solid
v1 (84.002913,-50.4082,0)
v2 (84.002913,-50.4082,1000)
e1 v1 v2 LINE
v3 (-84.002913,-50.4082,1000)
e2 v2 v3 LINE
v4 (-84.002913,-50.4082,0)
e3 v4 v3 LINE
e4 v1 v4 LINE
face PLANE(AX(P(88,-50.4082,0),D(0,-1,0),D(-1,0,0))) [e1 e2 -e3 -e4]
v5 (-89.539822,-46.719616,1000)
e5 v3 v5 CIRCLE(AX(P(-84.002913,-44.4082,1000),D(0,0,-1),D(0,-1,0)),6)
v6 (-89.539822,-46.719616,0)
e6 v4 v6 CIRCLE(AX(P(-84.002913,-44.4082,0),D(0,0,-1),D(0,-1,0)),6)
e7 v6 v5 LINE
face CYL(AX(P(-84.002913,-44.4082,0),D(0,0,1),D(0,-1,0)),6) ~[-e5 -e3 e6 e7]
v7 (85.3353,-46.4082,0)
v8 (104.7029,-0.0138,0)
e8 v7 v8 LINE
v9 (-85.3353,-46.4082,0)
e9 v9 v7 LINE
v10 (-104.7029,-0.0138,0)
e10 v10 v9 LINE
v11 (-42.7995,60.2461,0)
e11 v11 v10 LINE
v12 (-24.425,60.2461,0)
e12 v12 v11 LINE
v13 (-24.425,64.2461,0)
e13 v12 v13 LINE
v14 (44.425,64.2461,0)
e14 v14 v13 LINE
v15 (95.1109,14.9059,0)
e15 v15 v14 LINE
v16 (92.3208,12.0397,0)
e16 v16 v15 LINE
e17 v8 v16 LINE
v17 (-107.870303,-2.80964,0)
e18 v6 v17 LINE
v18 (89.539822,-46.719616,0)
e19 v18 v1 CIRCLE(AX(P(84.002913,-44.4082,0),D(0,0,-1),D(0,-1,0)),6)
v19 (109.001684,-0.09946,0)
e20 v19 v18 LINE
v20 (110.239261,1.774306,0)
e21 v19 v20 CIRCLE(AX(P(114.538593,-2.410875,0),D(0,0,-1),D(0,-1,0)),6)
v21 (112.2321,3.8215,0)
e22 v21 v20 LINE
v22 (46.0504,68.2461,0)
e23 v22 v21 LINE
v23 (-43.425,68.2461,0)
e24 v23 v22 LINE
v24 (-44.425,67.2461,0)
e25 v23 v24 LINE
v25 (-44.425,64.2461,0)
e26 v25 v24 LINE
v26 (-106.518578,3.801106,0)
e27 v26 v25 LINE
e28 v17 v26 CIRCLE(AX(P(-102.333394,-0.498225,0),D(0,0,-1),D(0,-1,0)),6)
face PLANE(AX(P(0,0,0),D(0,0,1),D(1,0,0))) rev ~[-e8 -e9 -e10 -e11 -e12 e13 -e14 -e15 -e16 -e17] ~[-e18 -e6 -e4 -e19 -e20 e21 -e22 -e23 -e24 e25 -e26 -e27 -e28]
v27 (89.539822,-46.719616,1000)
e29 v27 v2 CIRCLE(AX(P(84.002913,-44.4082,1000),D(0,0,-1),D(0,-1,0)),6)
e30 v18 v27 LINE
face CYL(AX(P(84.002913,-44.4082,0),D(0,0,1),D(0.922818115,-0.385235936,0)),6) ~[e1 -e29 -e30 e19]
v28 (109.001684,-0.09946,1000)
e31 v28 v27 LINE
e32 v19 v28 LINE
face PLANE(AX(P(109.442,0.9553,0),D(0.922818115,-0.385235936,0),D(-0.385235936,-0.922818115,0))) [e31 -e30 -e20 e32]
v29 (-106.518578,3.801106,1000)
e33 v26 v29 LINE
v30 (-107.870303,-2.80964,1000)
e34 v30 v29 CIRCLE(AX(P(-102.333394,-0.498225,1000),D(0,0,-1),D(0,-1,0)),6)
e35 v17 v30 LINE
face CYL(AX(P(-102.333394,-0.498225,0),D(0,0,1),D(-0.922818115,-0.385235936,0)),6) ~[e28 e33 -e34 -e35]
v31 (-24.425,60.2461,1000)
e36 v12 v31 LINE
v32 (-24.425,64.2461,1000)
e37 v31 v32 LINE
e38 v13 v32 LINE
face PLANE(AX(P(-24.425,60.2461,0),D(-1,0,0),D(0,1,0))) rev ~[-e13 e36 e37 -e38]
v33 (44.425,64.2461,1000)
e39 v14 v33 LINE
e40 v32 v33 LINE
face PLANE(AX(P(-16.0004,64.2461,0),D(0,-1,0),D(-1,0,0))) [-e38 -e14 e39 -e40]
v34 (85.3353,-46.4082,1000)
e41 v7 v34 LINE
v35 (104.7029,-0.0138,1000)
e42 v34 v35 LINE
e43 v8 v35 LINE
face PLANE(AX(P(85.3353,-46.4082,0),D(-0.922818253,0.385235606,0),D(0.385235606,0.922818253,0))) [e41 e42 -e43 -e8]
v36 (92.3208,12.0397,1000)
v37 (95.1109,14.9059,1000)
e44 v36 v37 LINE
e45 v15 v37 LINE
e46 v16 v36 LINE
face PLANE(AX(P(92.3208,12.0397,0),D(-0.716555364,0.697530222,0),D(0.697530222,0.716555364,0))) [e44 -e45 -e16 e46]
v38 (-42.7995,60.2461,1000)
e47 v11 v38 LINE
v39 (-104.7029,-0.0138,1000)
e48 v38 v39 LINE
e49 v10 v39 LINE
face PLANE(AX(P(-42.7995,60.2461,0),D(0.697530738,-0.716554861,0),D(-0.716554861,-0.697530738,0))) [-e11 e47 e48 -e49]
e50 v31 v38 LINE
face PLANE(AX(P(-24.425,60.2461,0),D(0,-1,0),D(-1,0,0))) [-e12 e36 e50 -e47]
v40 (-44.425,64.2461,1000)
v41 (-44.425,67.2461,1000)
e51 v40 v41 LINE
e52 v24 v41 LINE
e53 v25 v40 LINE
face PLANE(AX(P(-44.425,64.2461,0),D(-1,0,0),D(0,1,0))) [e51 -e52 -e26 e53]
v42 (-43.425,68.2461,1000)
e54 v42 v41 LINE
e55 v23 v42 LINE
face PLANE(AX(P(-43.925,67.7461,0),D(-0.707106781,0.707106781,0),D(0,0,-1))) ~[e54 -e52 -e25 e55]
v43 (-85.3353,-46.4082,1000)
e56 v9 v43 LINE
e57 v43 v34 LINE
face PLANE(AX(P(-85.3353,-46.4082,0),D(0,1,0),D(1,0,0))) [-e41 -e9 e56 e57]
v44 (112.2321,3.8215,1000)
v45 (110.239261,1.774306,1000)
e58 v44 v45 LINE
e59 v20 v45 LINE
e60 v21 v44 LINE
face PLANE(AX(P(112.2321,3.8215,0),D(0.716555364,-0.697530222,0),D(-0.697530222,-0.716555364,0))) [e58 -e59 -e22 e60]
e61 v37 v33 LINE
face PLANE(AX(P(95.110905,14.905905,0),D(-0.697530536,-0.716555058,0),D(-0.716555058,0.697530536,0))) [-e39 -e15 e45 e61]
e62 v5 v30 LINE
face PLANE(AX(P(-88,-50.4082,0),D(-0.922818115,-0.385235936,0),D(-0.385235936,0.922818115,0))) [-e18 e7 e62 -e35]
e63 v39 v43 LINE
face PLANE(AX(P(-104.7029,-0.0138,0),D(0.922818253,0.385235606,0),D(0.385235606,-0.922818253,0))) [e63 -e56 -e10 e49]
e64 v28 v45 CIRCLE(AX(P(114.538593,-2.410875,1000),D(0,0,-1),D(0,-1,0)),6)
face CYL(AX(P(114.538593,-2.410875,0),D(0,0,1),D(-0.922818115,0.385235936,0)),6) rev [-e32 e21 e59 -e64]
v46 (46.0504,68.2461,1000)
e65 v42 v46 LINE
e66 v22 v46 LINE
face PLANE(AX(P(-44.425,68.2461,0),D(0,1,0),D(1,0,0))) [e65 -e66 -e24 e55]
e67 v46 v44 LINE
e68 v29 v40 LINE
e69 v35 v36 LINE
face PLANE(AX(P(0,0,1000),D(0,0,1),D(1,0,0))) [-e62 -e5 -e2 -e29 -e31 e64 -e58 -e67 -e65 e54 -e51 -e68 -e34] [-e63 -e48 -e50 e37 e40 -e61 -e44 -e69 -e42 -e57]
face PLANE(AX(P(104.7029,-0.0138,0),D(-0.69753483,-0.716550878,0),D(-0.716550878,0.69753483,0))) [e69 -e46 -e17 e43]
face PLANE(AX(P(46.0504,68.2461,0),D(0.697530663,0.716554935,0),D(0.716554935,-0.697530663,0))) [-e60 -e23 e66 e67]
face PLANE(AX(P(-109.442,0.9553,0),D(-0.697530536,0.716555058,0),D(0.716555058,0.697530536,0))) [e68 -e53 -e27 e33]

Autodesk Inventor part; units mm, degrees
ref_plane "YZ Plane" through (0, 0, 0) normal (1, 0, 0) x (0, 1, 0)
ref_plane "XZ Plane" through (0, 0, 0) normal (0, 1, 0) x (-1, 0, 0)
ref_plane "XY Plane" through (0, 0, 0) normal (0, 0, 1) x (1, 0, 0)
sketch "Sketch1" plane through (0, 0, 0) normal (0, 0, 1) x (1, 0, 0)
  arc A0 (-6.0005, 54.2016) -> (-16.0004, 64.2461) centre (-16.0004, 54.2461) ccw construction
  line L0 (-16.0004, 64.2461) -> (-44.425, 64.2461) construction
  line L1 (-44.425, 64.2461) -> (-109.442, 0.9553) construction
  line L2 (-109.442, 0.9553) -> (-102.1149, -16.5964) construction
  arc A1 (-102.1149, -16.5964) -> (-98.2137, -18.2187) centre (-99.3465, -15.4407) ccw construction
  arc A2 (-98.2137, -18.2187) -> (-94.934, -16.1156) centre (-102.2552, -8.3072) ccw construction
  arc A3 (-90.1342, -27.6135) -> (-94.934, -16.1156) centre (-85.3155, -18.8511) ccw construction
  arc A4 (-90.1342, -27.6135) -> (-93.9357, -28.4666) centre (-89.7305, -38.3096) ccw construction
  arc A5 (-93.9357, -28.4666) -> (-95.5255, -32.381) centre (-92.7571, -31.2253) ccw construction
  line L3 (-95.5255, -32.381) -> (-88, -50.4082) construction
  line L4 (-88, -50.4082) -> (88, -50.4082) construction
  line L5 (88, -50.4082) -> (95.5255, -32.381) construction
  arc A6 (95.5255, -32.381) -> (93.9357, -28.4666) centre (92.7571, -31.2253) ccw construction
  arc A7 (93.9357, -28.4666) -> (90.1342, -27.6135) centre (89.7305, -38.3096) ccw construction
  arc A8 (94.934, -16.1156) -> (90.1342, -27.6135) centre (85.3155, -18.8511) ccw construction
  arc A9 (94.934, -16.1156) -> (98.2137, -18.2187) centre (102.2552, -8.3072) ccw construction
  arc A10 (98.2137, -18.2187) -> (102.1149, -16.5964) centre (99.3465, -15.4407) ccw construction
  line L6 (102.1149, -16.5964) -> (109.442, 0.9553) construction
  line L7 (109.442, 0.9553) -> (44.425, 64.2461) construction
  line L8 (44.425, 64.2461) -> (16.0004, 64.2461) construction
  arc A11 (16.0004, 64.2461) -> (6.0005, 54.2016) centre (16.0004, 54.2461) ccw construction
  arc A12 (6.0005, 54.2016) -> (6.0352, 52.5653) centre (54.7865, 54.419) ccw construction
  arc A13 (-6.0352, 52.5653) -> (6.0352, 52.5653) centre (0, 44.5918) ccw construction
  arc A14 (-6.0352, 52.5653) -> (-6.0005, 54.2016) centre (-54.7865, 54.419) ccw construction
  line L9 (109.442, 0.9553) -> (88, -50.4082)
  line L10 (88, -50.4082) -> (-88, -50.4082)
  line L11 (-88, -50.4082) -> (-109.442, 0.9553)
  line L12 (-109.442, 0.9553) -> (-44.425, 64.2461)
  line L13 (-44.425, 64.2461) -> (-24.425, 64.2461)
  line L14 (109.442, 0.9553) -> (95.1109, 14.9059)
  line L15 (-24.425, 60.2461) -> (-42.7995, 60.2461)
  line L16 (-42.7995, 60.2461) -> (-104.7029, -0.0138)
  line L17 (-104.7029, -0.0138) -> (-85.3353, -46.4082)
  line L18 (-85.3353, -46.4082) -> (85.3353, -46.4082)
  line L19 (85.3353, -46.4082) -> (104.7029, -0.0138)
  line L20 (104.7029, -0.0138) -> (92.3208, 12.0397)
  line L21 (92.3208, 12.0397) -> (95.1109, 14.9059)
  line L22 (-24.425, 60.2461) -> (-24.425, 64.2461)
  point P0 (0, 0)
  dimension "d1" = 20
  dimension "d2" = 20
  dimension "d3" = 4
extrude "Extrusion1" add sketch "Sketch1" along normal blind 1000
ref_plane "Work Plane1" through (0, 0, 0) normal (0, 0, 1) x (1, 0, 0)
sketch "Sketch2" plane through (0, 0, 0) normal (0, 0, 1) x (1, 0, 0)
  line L0 (109.442, 0.9553) -> (44.425, 64.2461) construction
  line L1 (-16.0004, 64.2461) -> (-44.425, 64.2461) projected
  line L2 (-44.425, 64.2461) -> (-109.442, 0.9553) projected
  line L3 (-109.442, 0.9553) -> (-88, -50.4082) projected
  line L4 (-88, -50.4082) -> (88, -50.4082) projected
  line L5 (88, -50.4082) -> (109.442, 0.9553) projected
  line L6 (109.442, 0.9553) -> (95.1109, 14.9059) projected
  line L7 (95.1109, 14.9059) -> (92.3208, 12.0397) projected
  line L8 (92.3208, 12.0397) -> (104.7029, -0.0138) projected
  line L9 (104.7029, -0.0138) -> (85.3353, -46.4082) projected
  line L10 (85.3353, -46.4082) -> (-85.3353, -46.4082) projected
  line L11 (-85.3353, -46.4082) -> (-104.7029, -0.0138) projected
  line L12 (-104.7029, -0.0138) -> (-42.7995, 60.2461) projected
  line L13 (-42.7995, 60.2461) -> (-24.425, 60.2461) projected
  line L14 (-24.425, 60.2461) -> (-24.425, 64.2461) projected
  line L15 (-24.425, 64.2461) -> (-44.425, 64.2461) projected
  line L16 (109.442, 0.9553) -> (44.425, 64.2461)
  line L17 (44.425, 64.2461) -> (-44.425, 64.2461)
  line L18 (-44.425, 68.2461) -> (46.0504, 68.2461)
  line L19 (46.0504, 68.2461) -> (112.2321, 3.8215)
  line L20 (-44.425, 64.2461) -> (-44.425, 68.2461)
  line L21 (112.2321, 3.8215) -> (109.442, 0.9553)
  point P0 (0, 0)
  dimension "d6" = 4
extrude "Extrusion2" add sketch "Sketch2" along normal blind 1000 contours L1 L20 L18 L19 L21 L6 L16 L17
fillet "Fillet1" radius 6 3 edges at (88, -50.4082, 500) (-88, -50.4082, 500) (-109.442, 0.9553, 500)
fillet "Fillet2" radius 6 1 edges at (109.442, 0.9553, 500)
chamfer "Chamfer1" distance 1 angle 45 1 edges at (-44.425, 68.2461, 500)
properties part number "aluco de metro" material "Steel, Carbon"
